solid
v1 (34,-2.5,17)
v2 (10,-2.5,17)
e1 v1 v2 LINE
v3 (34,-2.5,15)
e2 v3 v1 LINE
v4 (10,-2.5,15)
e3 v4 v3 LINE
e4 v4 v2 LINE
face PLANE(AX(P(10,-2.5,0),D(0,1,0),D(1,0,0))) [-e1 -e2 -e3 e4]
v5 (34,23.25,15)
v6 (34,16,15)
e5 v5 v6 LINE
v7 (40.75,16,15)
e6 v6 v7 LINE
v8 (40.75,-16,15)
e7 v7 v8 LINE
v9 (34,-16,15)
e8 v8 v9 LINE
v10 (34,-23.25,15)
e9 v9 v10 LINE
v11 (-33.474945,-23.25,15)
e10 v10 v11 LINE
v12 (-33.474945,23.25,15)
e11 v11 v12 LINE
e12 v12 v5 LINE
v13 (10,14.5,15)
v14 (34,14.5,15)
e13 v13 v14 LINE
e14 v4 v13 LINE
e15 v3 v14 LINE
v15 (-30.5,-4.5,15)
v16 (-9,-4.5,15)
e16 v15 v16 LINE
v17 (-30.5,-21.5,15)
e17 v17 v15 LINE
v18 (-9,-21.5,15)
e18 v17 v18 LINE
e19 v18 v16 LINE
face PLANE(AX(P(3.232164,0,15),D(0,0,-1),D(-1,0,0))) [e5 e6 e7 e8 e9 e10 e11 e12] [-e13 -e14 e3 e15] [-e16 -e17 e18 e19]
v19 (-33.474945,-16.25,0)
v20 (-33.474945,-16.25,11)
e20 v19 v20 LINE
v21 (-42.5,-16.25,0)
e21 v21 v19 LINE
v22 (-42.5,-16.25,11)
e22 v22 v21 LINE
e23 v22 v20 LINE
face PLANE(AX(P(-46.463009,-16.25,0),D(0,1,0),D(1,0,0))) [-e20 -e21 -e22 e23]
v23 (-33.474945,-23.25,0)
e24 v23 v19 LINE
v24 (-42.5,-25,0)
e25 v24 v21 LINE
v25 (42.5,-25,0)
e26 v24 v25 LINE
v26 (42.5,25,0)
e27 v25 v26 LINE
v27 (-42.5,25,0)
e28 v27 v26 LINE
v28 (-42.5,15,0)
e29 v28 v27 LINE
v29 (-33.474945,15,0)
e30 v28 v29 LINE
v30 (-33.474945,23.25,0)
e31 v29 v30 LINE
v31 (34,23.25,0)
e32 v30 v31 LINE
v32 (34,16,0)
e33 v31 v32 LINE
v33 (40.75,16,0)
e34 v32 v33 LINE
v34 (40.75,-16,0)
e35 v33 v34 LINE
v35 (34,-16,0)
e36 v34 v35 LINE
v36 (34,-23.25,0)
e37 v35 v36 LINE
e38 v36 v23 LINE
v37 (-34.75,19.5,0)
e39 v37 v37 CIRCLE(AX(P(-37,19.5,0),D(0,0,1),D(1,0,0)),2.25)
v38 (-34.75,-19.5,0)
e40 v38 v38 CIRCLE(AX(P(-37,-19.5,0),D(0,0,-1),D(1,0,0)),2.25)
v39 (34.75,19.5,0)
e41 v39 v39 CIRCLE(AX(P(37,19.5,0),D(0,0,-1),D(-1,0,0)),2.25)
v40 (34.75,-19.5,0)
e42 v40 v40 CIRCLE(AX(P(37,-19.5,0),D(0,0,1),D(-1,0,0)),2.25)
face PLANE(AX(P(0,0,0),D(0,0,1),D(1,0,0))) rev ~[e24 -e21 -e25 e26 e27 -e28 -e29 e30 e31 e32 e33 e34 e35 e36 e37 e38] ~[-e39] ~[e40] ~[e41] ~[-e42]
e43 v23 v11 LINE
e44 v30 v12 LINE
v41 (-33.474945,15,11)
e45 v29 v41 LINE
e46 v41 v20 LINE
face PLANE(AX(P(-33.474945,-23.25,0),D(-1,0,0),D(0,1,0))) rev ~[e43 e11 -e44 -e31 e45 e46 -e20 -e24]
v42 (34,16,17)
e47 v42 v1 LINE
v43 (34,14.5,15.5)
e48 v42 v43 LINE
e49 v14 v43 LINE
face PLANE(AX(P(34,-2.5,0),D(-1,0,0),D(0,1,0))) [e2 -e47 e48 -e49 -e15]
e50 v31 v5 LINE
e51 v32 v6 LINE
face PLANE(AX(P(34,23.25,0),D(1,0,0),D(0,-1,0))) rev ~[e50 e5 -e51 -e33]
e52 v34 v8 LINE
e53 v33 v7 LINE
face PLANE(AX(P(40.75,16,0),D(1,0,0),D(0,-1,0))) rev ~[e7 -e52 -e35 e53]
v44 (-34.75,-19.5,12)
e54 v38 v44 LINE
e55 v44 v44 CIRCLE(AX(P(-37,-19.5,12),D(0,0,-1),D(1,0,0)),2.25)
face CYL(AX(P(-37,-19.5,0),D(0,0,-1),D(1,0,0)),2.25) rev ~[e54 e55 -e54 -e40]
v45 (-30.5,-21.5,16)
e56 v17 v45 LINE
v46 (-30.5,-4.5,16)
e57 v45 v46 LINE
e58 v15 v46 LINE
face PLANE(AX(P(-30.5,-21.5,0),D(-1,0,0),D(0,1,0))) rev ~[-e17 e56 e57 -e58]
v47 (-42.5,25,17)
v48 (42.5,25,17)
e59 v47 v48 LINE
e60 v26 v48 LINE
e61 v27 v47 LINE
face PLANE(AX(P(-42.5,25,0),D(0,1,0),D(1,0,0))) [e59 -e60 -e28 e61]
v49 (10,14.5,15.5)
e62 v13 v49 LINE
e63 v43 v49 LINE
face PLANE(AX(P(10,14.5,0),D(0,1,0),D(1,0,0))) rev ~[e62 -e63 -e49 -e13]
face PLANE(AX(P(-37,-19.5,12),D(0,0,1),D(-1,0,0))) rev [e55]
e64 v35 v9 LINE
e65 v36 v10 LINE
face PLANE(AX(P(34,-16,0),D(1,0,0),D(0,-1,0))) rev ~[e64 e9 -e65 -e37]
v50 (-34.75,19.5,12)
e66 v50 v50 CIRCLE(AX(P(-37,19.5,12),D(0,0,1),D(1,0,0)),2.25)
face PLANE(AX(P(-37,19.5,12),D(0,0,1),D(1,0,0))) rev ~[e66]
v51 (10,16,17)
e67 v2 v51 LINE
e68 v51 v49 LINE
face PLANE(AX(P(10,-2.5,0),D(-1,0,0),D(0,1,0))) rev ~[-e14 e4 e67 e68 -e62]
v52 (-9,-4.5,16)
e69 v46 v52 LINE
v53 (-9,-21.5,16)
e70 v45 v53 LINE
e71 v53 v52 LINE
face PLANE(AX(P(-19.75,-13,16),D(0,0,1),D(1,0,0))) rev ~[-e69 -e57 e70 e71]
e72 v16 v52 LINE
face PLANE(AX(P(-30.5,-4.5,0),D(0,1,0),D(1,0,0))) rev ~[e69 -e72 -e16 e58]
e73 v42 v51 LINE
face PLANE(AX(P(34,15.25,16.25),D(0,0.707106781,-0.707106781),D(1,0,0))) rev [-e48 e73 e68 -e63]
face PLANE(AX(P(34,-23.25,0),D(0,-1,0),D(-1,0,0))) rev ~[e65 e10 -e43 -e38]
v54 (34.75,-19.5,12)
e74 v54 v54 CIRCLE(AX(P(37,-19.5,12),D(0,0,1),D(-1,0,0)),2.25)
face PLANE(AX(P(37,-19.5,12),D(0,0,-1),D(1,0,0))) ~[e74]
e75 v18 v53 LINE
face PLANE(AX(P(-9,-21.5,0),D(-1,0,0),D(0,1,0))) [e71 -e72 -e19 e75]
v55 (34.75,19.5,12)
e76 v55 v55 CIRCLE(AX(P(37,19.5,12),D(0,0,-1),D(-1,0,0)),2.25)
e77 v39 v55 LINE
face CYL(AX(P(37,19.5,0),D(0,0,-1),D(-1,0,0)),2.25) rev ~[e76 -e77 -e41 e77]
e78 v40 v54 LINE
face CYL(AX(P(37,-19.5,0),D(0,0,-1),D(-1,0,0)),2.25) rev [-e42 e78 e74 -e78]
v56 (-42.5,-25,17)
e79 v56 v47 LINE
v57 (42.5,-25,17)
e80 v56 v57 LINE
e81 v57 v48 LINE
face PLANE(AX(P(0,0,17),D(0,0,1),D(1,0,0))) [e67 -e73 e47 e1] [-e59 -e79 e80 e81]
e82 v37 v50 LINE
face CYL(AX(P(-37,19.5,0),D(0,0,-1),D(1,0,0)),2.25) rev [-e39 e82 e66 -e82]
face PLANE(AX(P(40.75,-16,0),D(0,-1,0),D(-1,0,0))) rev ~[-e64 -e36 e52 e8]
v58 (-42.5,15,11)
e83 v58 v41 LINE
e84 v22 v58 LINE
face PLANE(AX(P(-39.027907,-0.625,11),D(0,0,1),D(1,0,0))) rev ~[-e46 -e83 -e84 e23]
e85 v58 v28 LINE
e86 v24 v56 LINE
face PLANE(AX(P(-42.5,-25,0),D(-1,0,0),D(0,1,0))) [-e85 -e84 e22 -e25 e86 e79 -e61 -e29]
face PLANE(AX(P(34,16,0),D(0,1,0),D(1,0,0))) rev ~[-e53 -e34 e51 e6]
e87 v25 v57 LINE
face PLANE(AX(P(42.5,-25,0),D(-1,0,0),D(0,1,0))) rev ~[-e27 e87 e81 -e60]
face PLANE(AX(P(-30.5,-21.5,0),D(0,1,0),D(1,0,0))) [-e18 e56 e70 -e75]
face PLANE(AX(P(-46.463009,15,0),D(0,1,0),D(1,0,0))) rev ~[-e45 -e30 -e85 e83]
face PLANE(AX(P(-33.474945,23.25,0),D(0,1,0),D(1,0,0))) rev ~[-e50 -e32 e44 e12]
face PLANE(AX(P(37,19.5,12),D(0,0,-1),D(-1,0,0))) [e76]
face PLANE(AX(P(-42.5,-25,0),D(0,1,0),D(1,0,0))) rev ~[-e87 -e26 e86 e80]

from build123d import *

# Parameters (mm, degrees)
SKETCH012_W                     = 85
SKETCH012_H                     = 50
PAD009_DEPTH                    = 17
SKETCH013_W                     = 14.870205
SKETCH013_H                     = 31.25
POCKET002_DEPTH                 = 11
POCKET003_DEPTH                 = 15
SKETCH018_W                     = 21.5
SKETCH018_H                     = 17
POCKET007_DEPTH                 = 16
CYLINDER002_R                   = 2.25
CYLINDER002_DEPTH               = 12
CYLINDER002_MIRRORED009_2_R     = 2.25
CYLINDER002_MIRRORED009_2_DEPTH = 12
SKETCH037_W                     = 24
SKETCH037_H                     = 17
POCKET014_DEPTH                 = 17.001
CHAMFER003_SIZE                 = 1.5


with BuildPart() as part:
    # Sketch012 → Pad009 (new body)
    with BuildSketch(Plane.XY):
        Rectangle(SKETCH012_W, SKETCH012_H)
    extrude(amount=PAD009_DEPTH)

    # Sketch013 → Pocket002 (cut)
    with BuildSketch(Plane.XY):
        with Locations((-39.027907, -0.625)):
            Rectangle(SKETCH013_W, SKETCH013_H)
    extrude(amount=POCKET002_DEPTH, mode=Mode.SUBTRACT)

    # Sketch014 → Pocket003 (cut)
    with BuildSketch(Plane.XY):
        Polygon((-33.474945, 23.25), (34, 23.25), (34, 16), (40.75, 16), (40.75, -16), (34, -16), (34, -23.25), (-33.474945, -23.25), align=None)
    extrude(amount=POCKET003_DEPTH, mode=Mode.SUBTRACT)

    # Sketch018 → Pocket007 (cut)
    with BuildSketch(Plane.XY):
        with Locations((-19.75, -13)):
            Rectangle(SKETCH018_W, SKETCH018_H)
    extrude(amount=POCKET007_DEPTH, mode=Mode.SUBTRACT)

    # Cylinder002 → Cylinder002 (cut)
    with BuildSketch(Plane(origin=(-37, 19.5, 0), x_dir=(1, 0, 0), z_dir=(0, 0, 1))):
        Circle(CYLINDER002_R)
    cylinder002 = extrude(amount=CYLINDER002_DEPTH, mode=Mode.SUBTRACT)

    # Cylinder002 Mirrored009 2 → Cylinder002 Mirrored009 2 (cut)
    with BuildSketch(Plane(origin=(37, 19.5, 0), x_dir=(-1, 0, 0), z_dir=(0, 0, -1))):
        Circle(CYLINDER002_MIRRORED009_2_R)
    cylinder002_mirrored009_2 = extrude(amount=-CYLINDER002_MIRRORED009_2_DEPTH, mode=Mode.SUBTRACT)

    # Mirrored010: Cylinder002, Cylinder002 Mirrored009 2 across XZ
    add(cylinder002.mirror(Plane.XZ), mode=Mode.SUBTRACT)
    add(cylinder002_mirrored009_2.mirror(Plane.XZ), mode=Mode.SUBTRACT)

    # Sketch037 → Pocket014 (cut, through all)
    with BuildSketch(Plane.XY):
        with Locations((22, 6)):
            Rectangle(SKETCH037_W, SKETCH037_H)
    extrude(amount=POCKET014_DEPTH, mode=Mode.SUBTRACT)

    # Chamfer003
    chamfer003_edges = [part.edges().sort_by_distance(p)[0] for p in [
        (22, 14.5, 17),
    ]]
    chamfer(chamfer003_edges, length=CHAMFER003_SIZE)


solid = part.part
